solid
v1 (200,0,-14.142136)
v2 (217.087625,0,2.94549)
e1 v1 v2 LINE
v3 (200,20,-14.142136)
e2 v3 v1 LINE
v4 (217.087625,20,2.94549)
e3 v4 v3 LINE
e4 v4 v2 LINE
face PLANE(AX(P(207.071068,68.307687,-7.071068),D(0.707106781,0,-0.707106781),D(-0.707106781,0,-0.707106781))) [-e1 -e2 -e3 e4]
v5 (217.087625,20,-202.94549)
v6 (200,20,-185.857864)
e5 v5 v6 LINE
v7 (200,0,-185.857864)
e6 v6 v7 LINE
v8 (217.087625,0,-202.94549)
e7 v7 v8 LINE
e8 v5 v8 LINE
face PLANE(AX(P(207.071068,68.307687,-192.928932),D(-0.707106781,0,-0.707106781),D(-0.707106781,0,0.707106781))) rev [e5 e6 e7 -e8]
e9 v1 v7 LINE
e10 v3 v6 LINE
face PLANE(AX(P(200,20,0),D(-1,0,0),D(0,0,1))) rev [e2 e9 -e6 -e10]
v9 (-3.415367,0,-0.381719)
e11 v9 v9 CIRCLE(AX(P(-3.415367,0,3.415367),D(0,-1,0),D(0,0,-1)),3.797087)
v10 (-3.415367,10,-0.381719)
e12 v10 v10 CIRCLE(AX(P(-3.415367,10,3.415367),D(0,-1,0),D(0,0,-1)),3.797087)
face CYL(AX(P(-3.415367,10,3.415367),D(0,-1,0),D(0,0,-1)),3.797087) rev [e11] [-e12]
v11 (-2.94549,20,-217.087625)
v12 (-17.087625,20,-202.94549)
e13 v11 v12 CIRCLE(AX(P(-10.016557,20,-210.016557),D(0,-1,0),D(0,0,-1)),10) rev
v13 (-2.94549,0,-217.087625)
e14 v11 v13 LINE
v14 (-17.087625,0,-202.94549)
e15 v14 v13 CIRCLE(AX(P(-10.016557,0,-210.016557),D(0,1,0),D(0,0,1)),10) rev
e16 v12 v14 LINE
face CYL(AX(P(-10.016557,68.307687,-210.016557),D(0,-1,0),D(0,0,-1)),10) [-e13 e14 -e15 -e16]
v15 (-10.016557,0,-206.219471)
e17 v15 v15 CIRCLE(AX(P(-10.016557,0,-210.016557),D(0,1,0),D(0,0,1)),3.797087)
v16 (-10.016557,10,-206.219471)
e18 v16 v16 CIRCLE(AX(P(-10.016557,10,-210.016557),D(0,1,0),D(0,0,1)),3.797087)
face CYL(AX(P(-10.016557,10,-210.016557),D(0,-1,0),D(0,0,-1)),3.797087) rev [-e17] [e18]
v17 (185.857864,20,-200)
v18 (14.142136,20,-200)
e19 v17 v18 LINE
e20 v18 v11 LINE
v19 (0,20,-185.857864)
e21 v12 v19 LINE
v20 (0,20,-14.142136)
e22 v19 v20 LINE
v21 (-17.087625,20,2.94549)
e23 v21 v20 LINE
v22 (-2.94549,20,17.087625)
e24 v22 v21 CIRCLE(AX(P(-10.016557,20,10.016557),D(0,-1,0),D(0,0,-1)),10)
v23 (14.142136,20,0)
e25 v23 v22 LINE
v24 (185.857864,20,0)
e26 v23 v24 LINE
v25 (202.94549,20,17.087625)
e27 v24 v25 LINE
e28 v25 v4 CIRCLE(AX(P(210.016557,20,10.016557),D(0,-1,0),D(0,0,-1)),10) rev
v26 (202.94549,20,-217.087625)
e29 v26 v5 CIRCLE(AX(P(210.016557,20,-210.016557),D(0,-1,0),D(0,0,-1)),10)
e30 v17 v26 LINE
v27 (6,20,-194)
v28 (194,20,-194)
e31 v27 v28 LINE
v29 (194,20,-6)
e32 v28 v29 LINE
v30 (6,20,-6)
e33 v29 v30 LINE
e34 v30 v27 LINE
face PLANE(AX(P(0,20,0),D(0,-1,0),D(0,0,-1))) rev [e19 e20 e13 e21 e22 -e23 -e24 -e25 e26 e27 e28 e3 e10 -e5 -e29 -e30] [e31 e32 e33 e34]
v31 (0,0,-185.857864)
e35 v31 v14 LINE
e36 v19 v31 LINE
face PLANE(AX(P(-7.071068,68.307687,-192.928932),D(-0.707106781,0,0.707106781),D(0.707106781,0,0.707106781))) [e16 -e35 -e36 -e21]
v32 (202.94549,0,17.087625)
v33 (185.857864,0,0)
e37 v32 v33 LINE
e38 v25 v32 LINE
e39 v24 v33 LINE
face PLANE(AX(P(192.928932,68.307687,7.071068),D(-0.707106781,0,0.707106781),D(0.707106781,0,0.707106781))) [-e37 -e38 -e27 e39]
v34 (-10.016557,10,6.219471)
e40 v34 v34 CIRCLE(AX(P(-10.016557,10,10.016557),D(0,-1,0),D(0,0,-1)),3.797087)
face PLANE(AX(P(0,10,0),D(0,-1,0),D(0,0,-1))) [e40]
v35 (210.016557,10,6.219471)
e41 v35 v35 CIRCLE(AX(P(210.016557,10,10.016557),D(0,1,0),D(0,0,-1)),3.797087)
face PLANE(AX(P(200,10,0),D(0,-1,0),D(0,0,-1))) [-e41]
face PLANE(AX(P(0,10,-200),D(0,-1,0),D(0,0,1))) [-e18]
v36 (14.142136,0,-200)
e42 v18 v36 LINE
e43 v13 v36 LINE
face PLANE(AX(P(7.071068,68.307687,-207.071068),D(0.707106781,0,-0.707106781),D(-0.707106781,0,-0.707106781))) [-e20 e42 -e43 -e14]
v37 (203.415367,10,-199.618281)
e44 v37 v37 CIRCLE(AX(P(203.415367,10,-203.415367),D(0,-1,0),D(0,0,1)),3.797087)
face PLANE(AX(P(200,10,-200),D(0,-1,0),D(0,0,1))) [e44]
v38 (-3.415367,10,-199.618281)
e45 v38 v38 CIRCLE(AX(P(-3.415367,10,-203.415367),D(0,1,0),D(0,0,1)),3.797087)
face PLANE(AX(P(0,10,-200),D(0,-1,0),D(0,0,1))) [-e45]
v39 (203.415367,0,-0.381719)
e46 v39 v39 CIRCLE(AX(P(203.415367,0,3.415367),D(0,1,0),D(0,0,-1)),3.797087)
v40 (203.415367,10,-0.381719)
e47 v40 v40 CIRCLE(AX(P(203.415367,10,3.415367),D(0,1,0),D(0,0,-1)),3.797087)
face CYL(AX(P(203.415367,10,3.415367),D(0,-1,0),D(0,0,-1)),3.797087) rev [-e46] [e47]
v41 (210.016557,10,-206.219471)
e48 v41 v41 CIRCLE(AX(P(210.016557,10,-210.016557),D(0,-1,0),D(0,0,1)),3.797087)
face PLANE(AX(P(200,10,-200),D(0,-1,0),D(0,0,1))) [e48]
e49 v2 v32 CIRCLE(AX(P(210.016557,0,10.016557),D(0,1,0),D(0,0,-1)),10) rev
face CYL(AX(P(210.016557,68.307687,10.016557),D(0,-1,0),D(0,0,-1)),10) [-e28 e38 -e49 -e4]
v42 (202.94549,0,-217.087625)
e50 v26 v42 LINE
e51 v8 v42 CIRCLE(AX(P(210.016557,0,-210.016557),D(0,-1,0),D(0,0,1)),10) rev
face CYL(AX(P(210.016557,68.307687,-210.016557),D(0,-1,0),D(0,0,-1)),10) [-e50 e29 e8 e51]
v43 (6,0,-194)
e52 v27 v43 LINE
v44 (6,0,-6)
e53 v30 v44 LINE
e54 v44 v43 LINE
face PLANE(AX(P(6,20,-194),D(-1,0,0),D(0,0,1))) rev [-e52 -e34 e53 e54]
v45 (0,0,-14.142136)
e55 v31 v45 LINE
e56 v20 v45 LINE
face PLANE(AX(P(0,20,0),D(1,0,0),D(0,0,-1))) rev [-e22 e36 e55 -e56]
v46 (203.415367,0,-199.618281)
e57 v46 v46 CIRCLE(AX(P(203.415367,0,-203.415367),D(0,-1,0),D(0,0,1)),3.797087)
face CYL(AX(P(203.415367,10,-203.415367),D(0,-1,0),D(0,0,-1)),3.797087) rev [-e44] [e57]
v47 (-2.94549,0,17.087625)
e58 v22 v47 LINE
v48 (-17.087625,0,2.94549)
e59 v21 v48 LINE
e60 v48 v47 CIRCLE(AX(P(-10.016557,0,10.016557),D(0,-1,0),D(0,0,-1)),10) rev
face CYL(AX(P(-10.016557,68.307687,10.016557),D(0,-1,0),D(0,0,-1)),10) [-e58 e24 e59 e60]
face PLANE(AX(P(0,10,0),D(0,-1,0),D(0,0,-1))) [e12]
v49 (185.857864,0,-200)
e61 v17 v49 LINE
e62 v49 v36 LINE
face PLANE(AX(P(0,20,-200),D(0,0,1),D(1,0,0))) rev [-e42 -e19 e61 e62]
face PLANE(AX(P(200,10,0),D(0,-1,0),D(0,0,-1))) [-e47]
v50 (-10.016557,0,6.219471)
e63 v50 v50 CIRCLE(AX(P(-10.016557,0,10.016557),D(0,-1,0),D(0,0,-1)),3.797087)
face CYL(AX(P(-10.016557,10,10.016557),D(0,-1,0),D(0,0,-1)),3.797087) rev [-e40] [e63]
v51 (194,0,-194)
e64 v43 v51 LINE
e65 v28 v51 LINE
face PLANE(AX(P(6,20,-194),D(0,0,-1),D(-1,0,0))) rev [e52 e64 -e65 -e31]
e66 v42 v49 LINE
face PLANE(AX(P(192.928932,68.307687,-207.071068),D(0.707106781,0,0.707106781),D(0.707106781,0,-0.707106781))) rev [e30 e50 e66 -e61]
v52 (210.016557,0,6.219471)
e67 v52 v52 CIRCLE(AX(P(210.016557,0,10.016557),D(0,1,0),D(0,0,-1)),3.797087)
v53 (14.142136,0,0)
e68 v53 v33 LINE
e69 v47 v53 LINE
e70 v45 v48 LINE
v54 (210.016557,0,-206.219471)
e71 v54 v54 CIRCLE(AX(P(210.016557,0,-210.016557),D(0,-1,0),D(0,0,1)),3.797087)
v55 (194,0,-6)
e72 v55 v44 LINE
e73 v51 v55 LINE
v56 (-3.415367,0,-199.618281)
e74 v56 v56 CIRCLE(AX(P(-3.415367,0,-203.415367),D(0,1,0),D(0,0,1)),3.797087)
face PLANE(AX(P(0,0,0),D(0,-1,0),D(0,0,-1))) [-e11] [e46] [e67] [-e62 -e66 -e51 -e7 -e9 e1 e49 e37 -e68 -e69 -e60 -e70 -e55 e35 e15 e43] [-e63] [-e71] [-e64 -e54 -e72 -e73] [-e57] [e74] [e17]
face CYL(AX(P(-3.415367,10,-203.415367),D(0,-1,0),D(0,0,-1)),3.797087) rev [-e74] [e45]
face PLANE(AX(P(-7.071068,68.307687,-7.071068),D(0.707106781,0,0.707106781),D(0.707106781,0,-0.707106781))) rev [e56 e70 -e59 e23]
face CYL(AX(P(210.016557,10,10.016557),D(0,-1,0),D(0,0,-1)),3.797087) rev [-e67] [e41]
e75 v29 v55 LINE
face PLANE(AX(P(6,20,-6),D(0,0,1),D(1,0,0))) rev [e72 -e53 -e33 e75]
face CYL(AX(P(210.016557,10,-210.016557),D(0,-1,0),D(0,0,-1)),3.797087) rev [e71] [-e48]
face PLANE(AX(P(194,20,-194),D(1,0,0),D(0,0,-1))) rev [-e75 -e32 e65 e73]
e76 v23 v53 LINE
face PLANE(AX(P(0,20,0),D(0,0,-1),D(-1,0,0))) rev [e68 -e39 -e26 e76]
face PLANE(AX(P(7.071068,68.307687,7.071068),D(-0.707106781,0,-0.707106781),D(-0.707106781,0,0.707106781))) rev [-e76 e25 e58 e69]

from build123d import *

# Parameters (mm, degrees)
SKETCH1_W               = 200
SKETCH1_H               = 200
BOSS_EXTRUDE1_DEPTH     = 20
BOSS_EXTRUDE2_DEPTH     = 20
SKETCH2_4_R             = 3.7970867
CUT_EXTRUDE2_DEPTH      = 10
MIRROR4_COPY_1_DEPTH    = 20
MIRROR4_COPY_2_SKETCH_R = 3.7970867
MIRROR4_COPY_2_DEPTH    = 10
SKETCH3_W               = 188
SKETCH3_H               = 188
CUT_EXTRUDE1_DEPTH      = 21


with BuildPart() as part:
    # Sketch1 → Boss-Extrude1 (new body)
    with BuildSketch(Plane(origin=(0, 0, 0), x_dir=(1, 0, 0), z_dir=(0, 1, 0))):
        with Locations((100, 100)):
            Rectangle(SKETCH1_W, SKETCH1_H)
    extrude(amount=BOSS_EXTRUDE1_DEPTH)

    # Sketch2 → Boss-Extrude2 (add)
    with BuildSketch(Plane.XZ):
        with BuildLine():
            Line((-17.087625271, 2.945489647), (0, -14.142135624))
            Line((0, -14.142135624), (0, 0))
            Line((0, 0), (14.142135624, 0))
            Line((14.142135624, 0), (-2.945489647, 17.087625271))
            ThreePointArc((-2.945489647, 17.087625271), (-17.087625271, 17.087625271), (-17.087625271, 2.945489647))
        make_face()
    boss_extrude2 = extrude(amount=-BOSS_EXTRUDE2_DEPTH)

    # Sketch2<4> → Cut-Extrude2 (cut)
    with BuildSketch(Plane.XZ):
        with Locations((-10.016557459, 10.016557459)):
            Circle(SKETCH2_4_R)
        with Locations((-3.415367361, 3.415367361)):
            Circle(SKETCH2_4_R)
    cut_extrude2 = extrude(amount=-CUT_EXTRUDE2_DEPTH, mode=Mode.SUBTRACT)

    # Mirror3: Boss-Extrude2, Cut-Extrude2 across plane
    add(boss_extrude2.mirror(Plane(origin=(100, 0, 0), x_dir=(0, 0, 1), z_dir=(1, 0, 0))))
    add(cut_extrude2.mirror(Plane(origin=(100, 0, 0), x_dir=(0, 0, 1), z_dir=(1, 0, 0))), mode=Mode.SUBTRACT)

    # Mirror4: Boss-Extrude2, Cut-Extrude2 across plane
    add(boss_extrude2.mirror(Plane(origin=(0, 0, -100), x_dir=(1, 0, 0), z_dir=(0, 0, -1))))
    add(cut_extrude2.mirror(Plane(origin=(0, 0, -100), x_dir=(1, 0, 0), z_dir=(0, 0, -1))), mode=Mode.SUBTRACT)

    # Mirror4 copy 1 sketch → Mirror4 copy 1 (add)
    with BuildSketch(Plane(origin=(200, 0, -200), x_dir=(-1, 0, 0), z_dir=(0, -1, 0))):
        with BuildLine():
            Line((-17.087625271, 2.945489647), (0, -14.142135624))
            Line((0, -14.142135624), (0, 0))
            Line((0, 0), (14.142135624, 0))
            Line((14.142135624, 0), (-2.945489647, 17.087625271))
            ThreePointArc((-2.945489647, 17.087625271), (-17.087625271, 17.087625271), (-17.087625271, 2.945489647))
        make_face()
    extrude(amount=-MIRROR4_COPY_1_DEPTH)

    # Mirror4 copy 2 sketch → Mirror4 copy 2 (cut)
    with BuildSketch(Plane(origin=(200, 0, -200), x_dir=(-1, 0, 0), z_dir=(0, -1, 0))):
        with Locations((-10.016557459, 10.016557459)):
            Circle(MIRROR4_COPY_2_SKETCH_R)
        with Locations((-3.415367361, 3.415367361)):
            Circle(MIRROR4_COPY_2_SKETCH_R)
    extrude(amount=-MIRROR4_COPY_2_DEPTH, mode=Mode.SUBTRACT)

    # Sketch3 → Cut-Extrude1 (cut, through all)
    with BuildSketch(Plane.XZ):
        with Locations((100, -100)):
            Rectangle(SKETCH3_W, SKETCH3_H)
    extrude(amount=-CUT_EXTRUDE1_DEPTH, mode=Mode.SUBTRACT)


solid = part.part
